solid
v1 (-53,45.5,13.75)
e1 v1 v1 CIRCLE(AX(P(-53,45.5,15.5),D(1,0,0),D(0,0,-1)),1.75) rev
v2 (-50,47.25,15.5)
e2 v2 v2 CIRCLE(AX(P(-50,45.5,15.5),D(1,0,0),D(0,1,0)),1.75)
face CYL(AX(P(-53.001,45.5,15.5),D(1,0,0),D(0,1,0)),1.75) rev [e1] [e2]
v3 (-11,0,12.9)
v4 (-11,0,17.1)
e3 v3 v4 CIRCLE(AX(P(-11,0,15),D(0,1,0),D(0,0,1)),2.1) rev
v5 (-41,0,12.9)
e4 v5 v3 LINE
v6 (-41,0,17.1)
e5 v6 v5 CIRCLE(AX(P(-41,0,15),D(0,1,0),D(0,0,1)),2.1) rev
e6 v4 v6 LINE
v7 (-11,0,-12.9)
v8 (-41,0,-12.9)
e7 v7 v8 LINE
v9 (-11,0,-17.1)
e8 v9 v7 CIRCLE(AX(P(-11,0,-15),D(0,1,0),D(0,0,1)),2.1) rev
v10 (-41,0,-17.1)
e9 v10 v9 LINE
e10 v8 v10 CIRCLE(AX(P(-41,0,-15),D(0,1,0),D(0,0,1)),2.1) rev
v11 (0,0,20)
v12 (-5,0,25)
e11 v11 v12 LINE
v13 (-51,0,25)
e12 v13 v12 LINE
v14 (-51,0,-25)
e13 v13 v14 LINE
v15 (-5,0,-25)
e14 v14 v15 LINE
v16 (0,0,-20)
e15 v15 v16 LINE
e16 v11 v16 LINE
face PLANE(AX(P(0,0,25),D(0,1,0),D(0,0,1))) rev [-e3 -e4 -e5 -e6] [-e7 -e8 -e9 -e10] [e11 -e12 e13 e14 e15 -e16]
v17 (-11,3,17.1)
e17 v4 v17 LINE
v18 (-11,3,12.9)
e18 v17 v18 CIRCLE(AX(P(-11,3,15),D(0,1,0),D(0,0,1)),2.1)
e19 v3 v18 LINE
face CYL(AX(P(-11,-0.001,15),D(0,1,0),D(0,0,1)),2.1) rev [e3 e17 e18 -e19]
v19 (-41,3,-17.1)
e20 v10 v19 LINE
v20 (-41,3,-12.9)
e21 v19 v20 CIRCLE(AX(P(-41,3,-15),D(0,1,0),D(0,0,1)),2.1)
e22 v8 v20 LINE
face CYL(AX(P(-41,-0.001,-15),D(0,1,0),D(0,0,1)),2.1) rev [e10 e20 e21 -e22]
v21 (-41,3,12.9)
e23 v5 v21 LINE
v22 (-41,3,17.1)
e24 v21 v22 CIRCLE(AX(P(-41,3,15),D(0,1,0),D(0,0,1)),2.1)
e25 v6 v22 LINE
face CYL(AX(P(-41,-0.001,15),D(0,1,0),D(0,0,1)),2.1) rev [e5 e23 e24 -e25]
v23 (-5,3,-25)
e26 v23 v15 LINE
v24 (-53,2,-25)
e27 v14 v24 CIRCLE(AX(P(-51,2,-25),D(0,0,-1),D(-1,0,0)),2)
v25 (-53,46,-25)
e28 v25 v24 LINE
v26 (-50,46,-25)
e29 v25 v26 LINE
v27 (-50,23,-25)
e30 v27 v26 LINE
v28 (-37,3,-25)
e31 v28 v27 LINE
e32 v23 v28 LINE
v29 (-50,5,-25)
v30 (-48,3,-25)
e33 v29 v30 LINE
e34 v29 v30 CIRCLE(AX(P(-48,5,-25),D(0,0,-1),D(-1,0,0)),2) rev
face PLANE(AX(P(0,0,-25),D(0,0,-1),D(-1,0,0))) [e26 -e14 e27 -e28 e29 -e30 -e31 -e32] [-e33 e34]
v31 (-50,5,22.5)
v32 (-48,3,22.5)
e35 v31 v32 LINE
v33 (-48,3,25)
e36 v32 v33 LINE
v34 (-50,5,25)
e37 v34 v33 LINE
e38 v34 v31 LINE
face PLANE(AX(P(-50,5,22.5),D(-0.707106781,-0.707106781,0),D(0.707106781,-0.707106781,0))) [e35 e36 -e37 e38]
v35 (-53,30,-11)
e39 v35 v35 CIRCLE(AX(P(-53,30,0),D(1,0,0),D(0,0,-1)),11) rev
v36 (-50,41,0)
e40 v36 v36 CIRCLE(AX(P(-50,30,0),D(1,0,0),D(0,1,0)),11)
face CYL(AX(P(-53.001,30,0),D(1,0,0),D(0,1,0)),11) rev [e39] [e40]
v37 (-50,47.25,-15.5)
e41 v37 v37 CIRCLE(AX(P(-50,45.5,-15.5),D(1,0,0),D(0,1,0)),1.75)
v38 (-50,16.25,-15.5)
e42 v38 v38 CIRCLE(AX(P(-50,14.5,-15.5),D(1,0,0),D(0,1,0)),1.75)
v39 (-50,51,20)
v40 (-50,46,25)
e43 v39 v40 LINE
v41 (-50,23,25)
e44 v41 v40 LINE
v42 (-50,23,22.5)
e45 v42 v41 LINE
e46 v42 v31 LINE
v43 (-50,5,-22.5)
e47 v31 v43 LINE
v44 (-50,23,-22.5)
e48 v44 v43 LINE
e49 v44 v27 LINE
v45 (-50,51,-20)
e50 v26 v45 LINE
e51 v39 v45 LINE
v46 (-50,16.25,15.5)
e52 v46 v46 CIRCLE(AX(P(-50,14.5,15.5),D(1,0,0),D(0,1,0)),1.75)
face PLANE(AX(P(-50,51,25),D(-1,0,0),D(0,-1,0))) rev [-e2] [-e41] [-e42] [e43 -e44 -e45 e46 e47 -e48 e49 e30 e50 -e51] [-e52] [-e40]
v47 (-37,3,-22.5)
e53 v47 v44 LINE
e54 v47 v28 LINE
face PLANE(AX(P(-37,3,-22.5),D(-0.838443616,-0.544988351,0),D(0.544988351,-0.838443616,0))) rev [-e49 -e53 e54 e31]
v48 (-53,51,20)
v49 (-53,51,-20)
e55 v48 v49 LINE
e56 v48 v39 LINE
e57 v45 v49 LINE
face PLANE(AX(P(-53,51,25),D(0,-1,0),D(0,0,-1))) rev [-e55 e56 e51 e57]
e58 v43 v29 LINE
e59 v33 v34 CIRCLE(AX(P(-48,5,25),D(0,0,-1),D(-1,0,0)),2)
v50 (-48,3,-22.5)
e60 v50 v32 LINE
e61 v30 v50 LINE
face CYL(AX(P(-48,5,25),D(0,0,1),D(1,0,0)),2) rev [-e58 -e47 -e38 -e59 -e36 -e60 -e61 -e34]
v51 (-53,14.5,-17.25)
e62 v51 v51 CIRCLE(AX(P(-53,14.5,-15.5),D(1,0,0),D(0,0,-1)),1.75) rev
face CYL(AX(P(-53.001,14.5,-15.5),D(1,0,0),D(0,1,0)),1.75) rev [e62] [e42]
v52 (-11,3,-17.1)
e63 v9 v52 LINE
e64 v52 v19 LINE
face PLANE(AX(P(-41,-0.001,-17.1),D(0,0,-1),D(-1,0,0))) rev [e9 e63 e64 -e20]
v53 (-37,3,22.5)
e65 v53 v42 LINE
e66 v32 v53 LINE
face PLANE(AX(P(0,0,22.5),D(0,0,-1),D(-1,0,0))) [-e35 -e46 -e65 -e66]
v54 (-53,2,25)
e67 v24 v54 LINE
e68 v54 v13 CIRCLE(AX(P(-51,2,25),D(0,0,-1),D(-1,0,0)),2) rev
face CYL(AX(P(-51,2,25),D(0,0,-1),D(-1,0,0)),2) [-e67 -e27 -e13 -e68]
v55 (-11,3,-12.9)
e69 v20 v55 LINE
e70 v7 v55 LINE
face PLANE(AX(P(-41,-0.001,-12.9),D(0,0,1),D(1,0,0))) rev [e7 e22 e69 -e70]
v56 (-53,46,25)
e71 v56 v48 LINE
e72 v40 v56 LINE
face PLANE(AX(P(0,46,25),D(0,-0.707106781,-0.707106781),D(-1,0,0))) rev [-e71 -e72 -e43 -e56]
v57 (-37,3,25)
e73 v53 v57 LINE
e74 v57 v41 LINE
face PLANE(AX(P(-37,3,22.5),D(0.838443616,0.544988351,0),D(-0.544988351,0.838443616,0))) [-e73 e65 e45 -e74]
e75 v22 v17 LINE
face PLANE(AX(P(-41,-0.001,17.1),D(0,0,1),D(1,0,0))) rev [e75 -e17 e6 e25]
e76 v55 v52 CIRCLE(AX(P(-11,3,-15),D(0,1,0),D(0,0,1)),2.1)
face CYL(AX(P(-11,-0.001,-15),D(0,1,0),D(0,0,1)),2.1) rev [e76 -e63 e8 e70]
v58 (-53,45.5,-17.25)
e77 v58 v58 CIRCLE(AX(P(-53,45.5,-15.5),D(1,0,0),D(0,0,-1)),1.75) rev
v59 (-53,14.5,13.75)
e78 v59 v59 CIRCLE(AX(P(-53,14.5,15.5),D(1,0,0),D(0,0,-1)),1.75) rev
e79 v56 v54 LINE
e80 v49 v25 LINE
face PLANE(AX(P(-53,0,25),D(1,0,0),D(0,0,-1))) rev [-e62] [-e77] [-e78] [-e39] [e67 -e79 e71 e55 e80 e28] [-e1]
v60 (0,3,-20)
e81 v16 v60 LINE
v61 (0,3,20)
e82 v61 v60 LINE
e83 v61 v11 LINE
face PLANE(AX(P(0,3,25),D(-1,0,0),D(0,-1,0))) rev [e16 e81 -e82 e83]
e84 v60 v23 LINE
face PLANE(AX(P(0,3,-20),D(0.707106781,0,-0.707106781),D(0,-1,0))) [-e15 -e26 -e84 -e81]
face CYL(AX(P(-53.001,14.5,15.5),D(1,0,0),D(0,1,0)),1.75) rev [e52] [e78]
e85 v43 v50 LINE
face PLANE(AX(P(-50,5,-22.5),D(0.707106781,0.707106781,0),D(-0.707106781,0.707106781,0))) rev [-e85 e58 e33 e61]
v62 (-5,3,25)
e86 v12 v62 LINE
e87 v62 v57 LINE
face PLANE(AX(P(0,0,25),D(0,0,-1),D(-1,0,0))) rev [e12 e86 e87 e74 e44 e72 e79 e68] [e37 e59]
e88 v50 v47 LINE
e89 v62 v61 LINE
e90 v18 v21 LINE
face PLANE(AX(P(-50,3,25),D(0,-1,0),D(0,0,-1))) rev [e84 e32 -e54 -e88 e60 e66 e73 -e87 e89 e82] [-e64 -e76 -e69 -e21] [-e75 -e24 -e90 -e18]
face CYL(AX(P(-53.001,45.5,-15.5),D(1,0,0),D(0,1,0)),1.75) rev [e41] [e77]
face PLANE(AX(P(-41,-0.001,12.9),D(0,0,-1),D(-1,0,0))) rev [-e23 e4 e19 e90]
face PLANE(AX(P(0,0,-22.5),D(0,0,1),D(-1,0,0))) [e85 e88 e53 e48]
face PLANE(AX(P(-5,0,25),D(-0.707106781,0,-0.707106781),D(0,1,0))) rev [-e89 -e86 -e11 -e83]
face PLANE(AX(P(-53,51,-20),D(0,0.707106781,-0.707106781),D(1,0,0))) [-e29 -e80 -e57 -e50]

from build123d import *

# Parameters (mm, degrees)
EXTRUDE_1_DEPTH     = 25
CUT_EXTRUDE_1_REACH = 77.67
SKETCH_2_R          = 11
SKETCH_2_R_2        = 1.75
CUT_EXTRUDE_2_REACH = 77.75
CHAMFER_1_SIZE      = 5
FILLET_1_R          = 2
EXTRUDE_2_DEPTH     = 2.5


with BuildPart() as part:
    # 草图1 → 凸台-拉伸1 (new, symmetric)
    with BuildSketch(Plane.XY):
        Polygon((0, 0), (-53, 0), (-53, 51), (-50, 51), (-50, 3), (0, 3), align=None)
    extrude(amount=EXTRUDE_1_DEPTH, both=True)

    # 草图2 → 切除-拉伸1 (cut, up to next)
    with BuildSketch(Plane(origin=(-50, 0, 0), x_dir=(0, 0, -1), z_dir=(1, 0, 0)), mode=Mode.PRIVATE) as cut_extrude_1_sk1:
        with Locations(Location((0, 30, 0), (0, 0, 90))):
            Circle(SKETCH_2_R)
    cut_extrude_1_tool1 = extrude(cut_extrude_1_sk1.sketch, amount=-CUT_EXTRUDE_1_REACH, mode=Mode.PRIVATE) & part.part
    # 草图2 → 切除-拉伸1 (cut, up to next)
    with BuildSketch(Plane(origin=(-50, 0, 0), x_dir=(0, 0, -1), z_dir=(1, 0, 0)), mode=Mode.PRIVATE) as cut_extrude_1_sk2:
        with Locations(Location((-15.5, 45.5, 0), (0, 0, 90))):
            Circle(SKETCH_2_R_2)
    cut_extrude_1_tool2 = extrude(cut_extrude_1_sk2.sketch, amount=-CUT_EXTRUDE_1_REACH, mode=Mode.PRIVATE) & part.part
    # 草图2 → 切除-拉伸1 (cut, up to next)
    with BuildSketch(Plane(origin=(-50, 0, 0), x_dir=(0, 0, -1), z_dir=(1, 0, 0)), mode=Mode.PRIVATE) as cut_extrude_1_sk3:
        with Locations(Location((15.5, 45.5, 0), (0, 0, 90))):
            Circle(SKETCH_2_R_2)
    cut_extrude_1_tool3 = extrude(cut_extrude_1_sk3.sketch, amount=-CUT_EXTRUDE_1_REACH, mode=Mode.PRIVATE) & part.part
    # 草图2 → 切除-拉伸1 (cut, up to next)
    with BuildSketch(Plane(origin=(-50, 0, 0), x_dir=(0, 0, -1), z_dir=(1, 0, 0)), mode=Mode.PRIVATE) as cut_extrude_1_sk4:
        with Locations(Location((-15.5, 14.5, 0), (0, 0, 90))):
            Circle(SKETCH_2_R_2)
    cut_extrude_1_tool4 = extrude(cut_extrude_1_sk4.sketch, amount=-CUT_EXTRUDE_1_REACH, mode=Mode.PRIVATE) & part.part
    # 草图2 → 切除-拉伸1 (cut, up to next)
    with BuildSketch(Plane(origin=(-50, 0, 0), x_dir=(0, 0, -1), z_dir=(1, 0, 0)), mode=Mode.PRIVATE) as cut_extrude_1_sk5:
        with Locations(Location((15.5, 14.5, 0), (0, 0, 90))):
            Circle(SKETCH_2_R_2)
    cut_extrude_1_tool5 = extrude(cut_extrude_1_sk5.sketch, amount=-CUT_EXTRUDE_1_REACH, mode=Mode.PRIVATE) & part.part
    add(cut_extrude_1_tool1.solids().sort_by_distance((-50, 30, 0))[0], mode=Mode.SUBTRACT)
    add(cut_extrude_1_tool2.solids().sort_by_distance((-50, 45.5, 15.5))[0], mode=Mode.SUBTRACT)
    add(cut_extrude_1_tool3.solids().sort_by_distance((-50, 45.5, -15.5))[0], mode=Mode.SUBTRACT)
    add(cut_extrude_1_tool4.solids().sort_by_distance((-50, 14.5, 15.5))[0], mode=Mode.SUBTRACT)
    add(cut_extrude_1_tool5.solids().sort_by_distance((-50, 14.5, -15.5))[0], mode=Mode.SUBTRACT)

    # 草图3 → 切除-拉伸2 (cut, up to next)
    with BuildSketch(Plane(origin=(0, 3, 0), x_dir=(1, 0, 0), z_dir=(0, 1, 0)), mode=Mode.PRIVATE) as cut_extrude_2_sk1:
        with BuildLine():
            Line((-41, 17.1), (-11, 17.1))
            ThreePointArc((-11, 17.1), (-8.9, 15), (-11, 12.9))
            Line((-11, 12.9), (-41, 12.9))
            ThreePointArc((-41, 12.9), (-43.1, 15), (-41, 17.1))
        make_face()
    cut_extrude_2_tool1 = extrude(cut_extrude_2_sk1.sketch, amount=-CUT_EXTRUDE_2_REACH, mode=Mode.PRIVATE) & part.part
    # 草图3 → 切除-拉伸2 (cut, up to next)
    with BuildSketch(Plane(origin=(0, 3, 0), x_dir=(1, 0, 0), z_dir=(0, 1, 0)), mode=Mode.PRIVATE) as cut_extrude_2_sk2:
        with BuildLine():
            Line((-41, -12.9), (-11, -12.9))
            ThreePointArc((-11, -12.9), (-8.9, -15), (-11, -17.1))
            Line((-11, -17.1), (-41, -17.1))
            ThreePointArc((-41, -17.1), (-43.1, -15), (-41, -12.9))
        make_face()
    cut_extrude_2_tool2 = extrude(cut_extrude_2_sk2.sketch, amount=-CUT_EXTRUDE_2_REACH, mode=Mode.PRIVATE) & part.part
    add(cut_extrude_2_tool1.solids().sort_by_distance((-26, 3, -15))[0], mode=Mode.SUBTRACT)
    add(cut_extrude_2_tool2.solids().sort_by_distance((-26, 3, 15))[0], mode=Mode.SUBTRACT)

    # 倒角1
    chamfer_1_edges = [part.edges().sort_by_distance(p)[0] for p in [
        (-51.5, 51, 25),
        (0, 1.5, 25),
        (-51.5, 51, -25),
        (0, 1.5, -25),
    ]]
    chamfer(chamfer_1_edges, length=CHAMFER_1_SIZE)

    # 圆角1
    fillet_1_edges = [part.edges().sort_by_distance(p)[0] for p in [
        (-53, 0, 0),
        (-50, 3, 0),
    ]]
    fillet(fillet_1_edges, radius=FILLET_1_R)

    # 草图4 → 凸台-拉伸2 (add)
    with BuildSketch(Plane.XY.offset(25)):
        Polygon((-50, 23), (-50, 5), (-48, 3), (-37, 3), align=None)
    extrude_2 = extrude(amount=-EXTRUDE_2_DEPTH)

    # 镜向1: 凸台-拉伸2 across plane
    add(extrude_2.mirror(Plane.XY))


solid = part.part
